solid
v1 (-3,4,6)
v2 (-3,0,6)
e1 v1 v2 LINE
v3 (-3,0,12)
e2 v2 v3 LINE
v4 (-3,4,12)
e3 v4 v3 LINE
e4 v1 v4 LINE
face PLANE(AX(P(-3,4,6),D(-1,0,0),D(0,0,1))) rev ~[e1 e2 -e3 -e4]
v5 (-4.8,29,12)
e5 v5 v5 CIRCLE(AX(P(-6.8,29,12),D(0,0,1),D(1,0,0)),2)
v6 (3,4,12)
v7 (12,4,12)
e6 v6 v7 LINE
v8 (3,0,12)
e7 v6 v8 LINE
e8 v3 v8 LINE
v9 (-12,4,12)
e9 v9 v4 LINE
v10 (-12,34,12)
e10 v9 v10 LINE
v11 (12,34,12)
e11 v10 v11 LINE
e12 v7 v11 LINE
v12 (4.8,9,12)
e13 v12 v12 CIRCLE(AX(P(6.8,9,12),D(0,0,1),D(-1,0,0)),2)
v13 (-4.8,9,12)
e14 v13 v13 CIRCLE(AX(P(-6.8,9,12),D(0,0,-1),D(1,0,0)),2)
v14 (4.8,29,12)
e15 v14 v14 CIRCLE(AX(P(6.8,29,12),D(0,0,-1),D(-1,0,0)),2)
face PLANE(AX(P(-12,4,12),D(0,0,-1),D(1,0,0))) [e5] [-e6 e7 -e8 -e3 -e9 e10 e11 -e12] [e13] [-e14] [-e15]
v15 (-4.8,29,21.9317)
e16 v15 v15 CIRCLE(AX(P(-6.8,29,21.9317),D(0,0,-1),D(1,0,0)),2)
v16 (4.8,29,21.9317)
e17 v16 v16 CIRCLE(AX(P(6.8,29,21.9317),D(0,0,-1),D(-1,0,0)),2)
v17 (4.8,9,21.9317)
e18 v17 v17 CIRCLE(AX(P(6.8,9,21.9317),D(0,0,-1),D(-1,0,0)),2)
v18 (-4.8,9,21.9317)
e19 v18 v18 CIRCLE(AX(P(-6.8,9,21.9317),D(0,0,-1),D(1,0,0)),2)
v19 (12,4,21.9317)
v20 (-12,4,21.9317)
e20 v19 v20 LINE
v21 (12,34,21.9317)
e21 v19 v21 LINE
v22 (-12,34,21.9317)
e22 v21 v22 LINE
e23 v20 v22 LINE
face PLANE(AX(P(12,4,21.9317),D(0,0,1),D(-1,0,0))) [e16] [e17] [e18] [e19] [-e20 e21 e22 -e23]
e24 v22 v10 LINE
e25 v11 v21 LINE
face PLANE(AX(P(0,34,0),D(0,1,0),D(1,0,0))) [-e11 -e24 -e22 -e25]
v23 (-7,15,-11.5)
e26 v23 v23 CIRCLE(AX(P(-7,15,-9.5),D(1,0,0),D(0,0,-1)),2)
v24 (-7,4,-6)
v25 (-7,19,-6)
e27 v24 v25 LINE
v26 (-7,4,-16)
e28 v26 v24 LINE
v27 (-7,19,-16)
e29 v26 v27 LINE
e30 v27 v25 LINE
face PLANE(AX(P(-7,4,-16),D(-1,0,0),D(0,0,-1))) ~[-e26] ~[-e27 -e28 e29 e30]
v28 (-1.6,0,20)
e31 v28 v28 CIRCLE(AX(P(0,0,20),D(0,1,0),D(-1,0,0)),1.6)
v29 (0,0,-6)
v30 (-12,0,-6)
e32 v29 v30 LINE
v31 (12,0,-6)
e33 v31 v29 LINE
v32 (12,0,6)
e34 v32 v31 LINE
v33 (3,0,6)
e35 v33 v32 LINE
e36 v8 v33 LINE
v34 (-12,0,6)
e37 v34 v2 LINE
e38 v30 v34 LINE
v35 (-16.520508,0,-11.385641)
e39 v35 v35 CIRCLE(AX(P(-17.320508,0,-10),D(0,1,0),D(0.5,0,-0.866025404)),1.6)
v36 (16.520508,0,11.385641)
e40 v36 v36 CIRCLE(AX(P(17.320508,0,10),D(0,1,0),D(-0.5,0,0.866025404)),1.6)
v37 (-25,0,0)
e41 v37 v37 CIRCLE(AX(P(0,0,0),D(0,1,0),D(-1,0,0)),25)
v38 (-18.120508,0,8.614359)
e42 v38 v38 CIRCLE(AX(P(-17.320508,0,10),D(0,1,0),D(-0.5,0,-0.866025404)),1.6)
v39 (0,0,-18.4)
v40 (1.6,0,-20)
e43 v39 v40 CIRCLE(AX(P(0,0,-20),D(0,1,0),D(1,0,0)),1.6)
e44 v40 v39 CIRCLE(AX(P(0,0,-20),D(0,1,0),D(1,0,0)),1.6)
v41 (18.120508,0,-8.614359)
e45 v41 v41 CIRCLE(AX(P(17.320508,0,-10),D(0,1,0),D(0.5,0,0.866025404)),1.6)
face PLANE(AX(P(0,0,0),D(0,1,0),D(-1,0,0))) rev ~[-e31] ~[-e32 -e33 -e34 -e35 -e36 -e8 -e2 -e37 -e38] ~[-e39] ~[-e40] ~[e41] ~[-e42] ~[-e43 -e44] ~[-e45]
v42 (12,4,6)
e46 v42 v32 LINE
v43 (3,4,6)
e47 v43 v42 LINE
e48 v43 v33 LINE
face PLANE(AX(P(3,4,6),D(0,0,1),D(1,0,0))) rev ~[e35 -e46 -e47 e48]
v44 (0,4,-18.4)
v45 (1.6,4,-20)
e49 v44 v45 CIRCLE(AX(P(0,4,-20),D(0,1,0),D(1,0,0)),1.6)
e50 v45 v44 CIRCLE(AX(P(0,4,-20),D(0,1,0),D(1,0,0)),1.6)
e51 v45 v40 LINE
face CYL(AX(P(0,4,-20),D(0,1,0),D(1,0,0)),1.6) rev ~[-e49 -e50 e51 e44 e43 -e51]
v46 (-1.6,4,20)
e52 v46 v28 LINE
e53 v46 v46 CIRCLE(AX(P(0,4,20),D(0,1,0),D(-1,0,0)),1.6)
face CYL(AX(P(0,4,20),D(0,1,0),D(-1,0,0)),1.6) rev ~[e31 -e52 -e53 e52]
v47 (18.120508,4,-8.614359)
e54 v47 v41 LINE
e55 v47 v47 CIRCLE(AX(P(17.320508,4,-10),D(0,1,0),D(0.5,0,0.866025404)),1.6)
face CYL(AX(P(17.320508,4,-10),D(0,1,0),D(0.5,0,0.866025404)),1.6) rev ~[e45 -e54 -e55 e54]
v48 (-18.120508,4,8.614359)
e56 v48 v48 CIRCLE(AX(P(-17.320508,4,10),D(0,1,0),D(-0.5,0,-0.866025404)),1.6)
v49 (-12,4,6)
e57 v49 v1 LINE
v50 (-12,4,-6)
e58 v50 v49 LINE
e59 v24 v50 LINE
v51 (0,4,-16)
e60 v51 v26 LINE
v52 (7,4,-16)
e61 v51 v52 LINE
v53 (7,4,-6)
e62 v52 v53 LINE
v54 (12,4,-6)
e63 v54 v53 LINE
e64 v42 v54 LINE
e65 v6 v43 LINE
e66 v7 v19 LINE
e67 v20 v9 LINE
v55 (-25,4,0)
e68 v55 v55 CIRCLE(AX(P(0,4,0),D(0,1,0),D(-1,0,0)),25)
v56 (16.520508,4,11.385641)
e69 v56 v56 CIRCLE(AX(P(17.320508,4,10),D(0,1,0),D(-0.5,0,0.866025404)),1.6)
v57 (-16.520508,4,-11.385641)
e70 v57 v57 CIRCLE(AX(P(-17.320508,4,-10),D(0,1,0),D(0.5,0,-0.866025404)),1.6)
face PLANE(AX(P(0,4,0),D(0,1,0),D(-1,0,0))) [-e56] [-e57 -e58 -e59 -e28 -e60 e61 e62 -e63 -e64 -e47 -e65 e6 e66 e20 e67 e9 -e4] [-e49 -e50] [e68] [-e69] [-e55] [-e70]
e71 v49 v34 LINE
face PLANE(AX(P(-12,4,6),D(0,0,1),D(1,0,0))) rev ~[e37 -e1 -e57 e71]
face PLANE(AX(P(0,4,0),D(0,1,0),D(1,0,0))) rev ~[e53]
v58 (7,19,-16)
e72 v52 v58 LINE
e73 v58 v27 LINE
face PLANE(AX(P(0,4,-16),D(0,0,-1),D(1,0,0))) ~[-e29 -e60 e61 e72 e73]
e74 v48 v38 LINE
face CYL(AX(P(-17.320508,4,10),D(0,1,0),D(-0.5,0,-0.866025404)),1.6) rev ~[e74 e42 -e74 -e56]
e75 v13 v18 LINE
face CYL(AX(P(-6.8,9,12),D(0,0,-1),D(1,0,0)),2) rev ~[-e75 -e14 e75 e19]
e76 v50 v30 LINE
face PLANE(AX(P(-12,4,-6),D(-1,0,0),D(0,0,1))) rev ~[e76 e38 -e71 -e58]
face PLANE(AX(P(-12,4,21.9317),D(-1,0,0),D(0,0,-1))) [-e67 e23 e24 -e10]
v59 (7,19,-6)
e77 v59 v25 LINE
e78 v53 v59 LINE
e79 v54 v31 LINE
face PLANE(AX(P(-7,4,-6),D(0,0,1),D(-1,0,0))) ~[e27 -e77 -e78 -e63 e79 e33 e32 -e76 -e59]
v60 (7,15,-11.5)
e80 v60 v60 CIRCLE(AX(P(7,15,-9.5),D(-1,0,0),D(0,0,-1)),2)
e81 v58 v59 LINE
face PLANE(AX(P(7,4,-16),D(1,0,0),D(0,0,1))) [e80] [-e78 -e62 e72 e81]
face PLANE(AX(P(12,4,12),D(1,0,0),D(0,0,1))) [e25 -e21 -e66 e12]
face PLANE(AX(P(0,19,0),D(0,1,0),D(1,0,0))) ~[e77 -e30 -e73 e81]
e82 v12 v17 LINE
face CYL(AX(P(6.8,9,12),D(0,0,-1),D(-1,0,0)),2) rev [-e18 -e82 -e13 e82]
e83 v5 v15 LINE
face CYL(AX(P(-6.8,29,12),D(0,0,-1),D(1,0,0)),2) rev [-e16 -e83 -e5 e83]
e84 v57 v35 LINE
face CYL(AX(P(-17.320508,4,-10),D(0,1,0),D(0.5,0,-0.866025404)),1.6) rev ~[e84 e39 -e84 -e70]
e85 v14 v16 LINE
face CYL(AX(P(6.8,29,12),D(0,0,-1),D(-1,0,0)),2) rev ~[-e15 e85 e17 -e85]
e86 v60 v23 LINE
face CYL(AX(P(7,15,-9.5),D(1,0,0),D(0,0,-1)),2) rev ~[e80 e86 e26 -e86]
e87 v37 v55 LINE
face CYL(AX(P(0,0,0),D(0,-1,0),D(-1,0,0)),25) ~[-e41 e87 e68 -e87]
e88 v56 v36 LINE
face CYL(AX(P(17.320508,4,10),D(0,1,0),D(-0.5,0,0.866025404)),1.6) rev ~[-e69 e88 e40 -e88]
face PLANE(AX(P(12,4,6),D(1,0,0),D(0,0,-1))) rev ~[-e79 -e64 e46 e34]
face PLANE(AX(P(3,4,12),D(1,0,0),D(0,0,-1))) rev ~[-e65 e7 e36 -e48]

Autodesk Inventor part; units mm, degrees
ref_plane "YZ Plane" through (0, 0, 0) normal (1, 0, 0) x (0, 1, 0)
sketch "Эскиз1" plane through (0, 0, 0) normal (0, 1, 0) x (-1, 0, 0)
  circle A0 centre (0, 0) radius 5
  line L0 (0, 0) -> (0, -20)
  circle A1 centre (0, 0) radius 25
  circle A2 centre (0, -20) radius 1.6
  dimension "d0" = 10
  dimension "d1" = 20
  dimension "d2" = 50
  dimension "d3" = 3.2
extrude "Выдавливание1" add sketch "Эскиз1" along normal blind 4 contours A0 | A2 | A1
sketch "Эскиз2" plane through (0, 4, 0) normal (0, 1, 0) x (1, 0, 0)
  line L0 (0, 0) -> (0, 20)
  circle A0 centre (0, 20) radius 1.6
  dimension "d6" = 20
  dimension "d7" = 3.2
extrude "Выдавливание2" cut sketch "Эскиз2" against normal blind 8.5
pattern_circular "Круговой массив1" count 6 over 360 about axis through (0, 0, 0) along (0, 1, 0) of "Выдавливание2"
sketch "Эскиз6" plane through (0, 4, 0) normal (0, 1, 0) x (1, 0, 0)
  line L0 (12, -6) -> (12, 6)
  line L1 (12, 6) -> (-12, 6)
  line L2 (-12, 6) -> (-12, -6)
  line L3 (-3, -12) -> (3, -12)
  line L4 (3, -12) -> (3, -6)
  line L5 (-3, -6) -> (-3, -12)
  line L6 (-12, -6) -> (-3, -6)
  line L7 (3, -6) -> (12, -6)
  point P0 (0, 0)
extrude "Выдавливание5" cut sketch "Эскиз6" against normal blind 8.5
sketch "Эскиз7" plane through (0, 4, 0) normal (0, 1, 0) x (1, 0, 0)
  line L0 (-12, -6) -> (-12, 6) construction
  line L1 (-12, -6) -> (-12, -12) construction
  line L2 (3, -12) -> (-3, -12) construction
  line L3 (-12, -12) -> (-3, -12) construction
  circle A0 centre (0, 0) radius 25 construction
  line L4 (-12, -12) -> (12, -12)
  line L5 (12, -12) -> (12, -21.9317)
  line L6 (12, -21.9317) -> (-12, -21.9317)
  line L7 (-12, -21.9317) -> (-12, -12)
  dimension "d32" = 24
extrude "Выдавливание6" add sketch "Эскиз7" along normal blind 30
sketch "Эскиз8" plane through (3, 0, 12) normal (0, 0, -1) x (-1, 0, 0)
  line L0 (3, 0) -> (3, 34)
  line L1 (-9, 34) -> (15, 34) projected
  line L2 (6, 4) -> (6, 0) projected
  line L3 (6, 4) -> (6, 34)
  line L4 (0, 4) -> (-9, 4) projected
  line L5 (0, 4) -> (0, 34)
  line L6 (0, 29) -> (-3.8, 29)
  circle A0 centre (-3.8, 29) radius 2
  dimension "d35" = 3.8
  dimension "d36" = 5
  dimension "d37" = 4
extrude "Выдавливание7" cut sketch "Эскиз8" against normal blind 26.25
ref_plane "РабПлоскость1" through (0, 34, 12) normal (1, 0, 0) x (0, 0, -1)
ref_plane "РабПлоскость2" through (12, 19, 12) normal (0, 1, 0) x (1, 0, 0)
mirror "Зеркальное отражение1" about plane through (12, 19, 12) normal (0, 1, 0) of "Выдавливание7"
mirror "Зеркальное отражение2" about plane through (0, 34, 12) normal (1, 0, 0) of "Выдавливание7", "Зеркальное отражение1"
sketch "Эскиз9" plane through (0, 4, 0) normal (0, 1, 0) x (1, 0, 0)
  line L0 (12, 6) -> (-12, 6) projected
  line L1 (0, 6) -> (0, 16)
  line L2 (0, 16) -> (7, 16)
  line L3 (7, 16) -> (7, 6)
  line L4 (12, 6) -> (12, -6) projected
  point P0 (0, 0)
  dimension "d40" = 10
  dimension "d41" = 5
extrude "Выдавливание8" add sketch "Эскиз9" along normal blind 15
mirror "Зеркальное отражение3" about plane through (0, 0, 0) normal (1, 0, 0) of "Выдавливание8"
sketch "Эскиз10" plane through (7, 4, -6) normal (1, 0, 0) x (0, 0, -1)
  line L0 (3.5, 15) -> (3.5, 11)
  line L1 (10, 0) -> (10, 15) projected
  circle A0 centre (3.5, 11) radius 2
  point P0 (-6, -4)
  dimension "d44" = 4
  dimension "d45" = 6.5
  dimension "d46" = 4
extrude "Выдавливание9" cut sketch "Эскиз10" against normal blind 53.75
properties part number "000.402 - Держатель стержжня" material "Пластик АБС"
